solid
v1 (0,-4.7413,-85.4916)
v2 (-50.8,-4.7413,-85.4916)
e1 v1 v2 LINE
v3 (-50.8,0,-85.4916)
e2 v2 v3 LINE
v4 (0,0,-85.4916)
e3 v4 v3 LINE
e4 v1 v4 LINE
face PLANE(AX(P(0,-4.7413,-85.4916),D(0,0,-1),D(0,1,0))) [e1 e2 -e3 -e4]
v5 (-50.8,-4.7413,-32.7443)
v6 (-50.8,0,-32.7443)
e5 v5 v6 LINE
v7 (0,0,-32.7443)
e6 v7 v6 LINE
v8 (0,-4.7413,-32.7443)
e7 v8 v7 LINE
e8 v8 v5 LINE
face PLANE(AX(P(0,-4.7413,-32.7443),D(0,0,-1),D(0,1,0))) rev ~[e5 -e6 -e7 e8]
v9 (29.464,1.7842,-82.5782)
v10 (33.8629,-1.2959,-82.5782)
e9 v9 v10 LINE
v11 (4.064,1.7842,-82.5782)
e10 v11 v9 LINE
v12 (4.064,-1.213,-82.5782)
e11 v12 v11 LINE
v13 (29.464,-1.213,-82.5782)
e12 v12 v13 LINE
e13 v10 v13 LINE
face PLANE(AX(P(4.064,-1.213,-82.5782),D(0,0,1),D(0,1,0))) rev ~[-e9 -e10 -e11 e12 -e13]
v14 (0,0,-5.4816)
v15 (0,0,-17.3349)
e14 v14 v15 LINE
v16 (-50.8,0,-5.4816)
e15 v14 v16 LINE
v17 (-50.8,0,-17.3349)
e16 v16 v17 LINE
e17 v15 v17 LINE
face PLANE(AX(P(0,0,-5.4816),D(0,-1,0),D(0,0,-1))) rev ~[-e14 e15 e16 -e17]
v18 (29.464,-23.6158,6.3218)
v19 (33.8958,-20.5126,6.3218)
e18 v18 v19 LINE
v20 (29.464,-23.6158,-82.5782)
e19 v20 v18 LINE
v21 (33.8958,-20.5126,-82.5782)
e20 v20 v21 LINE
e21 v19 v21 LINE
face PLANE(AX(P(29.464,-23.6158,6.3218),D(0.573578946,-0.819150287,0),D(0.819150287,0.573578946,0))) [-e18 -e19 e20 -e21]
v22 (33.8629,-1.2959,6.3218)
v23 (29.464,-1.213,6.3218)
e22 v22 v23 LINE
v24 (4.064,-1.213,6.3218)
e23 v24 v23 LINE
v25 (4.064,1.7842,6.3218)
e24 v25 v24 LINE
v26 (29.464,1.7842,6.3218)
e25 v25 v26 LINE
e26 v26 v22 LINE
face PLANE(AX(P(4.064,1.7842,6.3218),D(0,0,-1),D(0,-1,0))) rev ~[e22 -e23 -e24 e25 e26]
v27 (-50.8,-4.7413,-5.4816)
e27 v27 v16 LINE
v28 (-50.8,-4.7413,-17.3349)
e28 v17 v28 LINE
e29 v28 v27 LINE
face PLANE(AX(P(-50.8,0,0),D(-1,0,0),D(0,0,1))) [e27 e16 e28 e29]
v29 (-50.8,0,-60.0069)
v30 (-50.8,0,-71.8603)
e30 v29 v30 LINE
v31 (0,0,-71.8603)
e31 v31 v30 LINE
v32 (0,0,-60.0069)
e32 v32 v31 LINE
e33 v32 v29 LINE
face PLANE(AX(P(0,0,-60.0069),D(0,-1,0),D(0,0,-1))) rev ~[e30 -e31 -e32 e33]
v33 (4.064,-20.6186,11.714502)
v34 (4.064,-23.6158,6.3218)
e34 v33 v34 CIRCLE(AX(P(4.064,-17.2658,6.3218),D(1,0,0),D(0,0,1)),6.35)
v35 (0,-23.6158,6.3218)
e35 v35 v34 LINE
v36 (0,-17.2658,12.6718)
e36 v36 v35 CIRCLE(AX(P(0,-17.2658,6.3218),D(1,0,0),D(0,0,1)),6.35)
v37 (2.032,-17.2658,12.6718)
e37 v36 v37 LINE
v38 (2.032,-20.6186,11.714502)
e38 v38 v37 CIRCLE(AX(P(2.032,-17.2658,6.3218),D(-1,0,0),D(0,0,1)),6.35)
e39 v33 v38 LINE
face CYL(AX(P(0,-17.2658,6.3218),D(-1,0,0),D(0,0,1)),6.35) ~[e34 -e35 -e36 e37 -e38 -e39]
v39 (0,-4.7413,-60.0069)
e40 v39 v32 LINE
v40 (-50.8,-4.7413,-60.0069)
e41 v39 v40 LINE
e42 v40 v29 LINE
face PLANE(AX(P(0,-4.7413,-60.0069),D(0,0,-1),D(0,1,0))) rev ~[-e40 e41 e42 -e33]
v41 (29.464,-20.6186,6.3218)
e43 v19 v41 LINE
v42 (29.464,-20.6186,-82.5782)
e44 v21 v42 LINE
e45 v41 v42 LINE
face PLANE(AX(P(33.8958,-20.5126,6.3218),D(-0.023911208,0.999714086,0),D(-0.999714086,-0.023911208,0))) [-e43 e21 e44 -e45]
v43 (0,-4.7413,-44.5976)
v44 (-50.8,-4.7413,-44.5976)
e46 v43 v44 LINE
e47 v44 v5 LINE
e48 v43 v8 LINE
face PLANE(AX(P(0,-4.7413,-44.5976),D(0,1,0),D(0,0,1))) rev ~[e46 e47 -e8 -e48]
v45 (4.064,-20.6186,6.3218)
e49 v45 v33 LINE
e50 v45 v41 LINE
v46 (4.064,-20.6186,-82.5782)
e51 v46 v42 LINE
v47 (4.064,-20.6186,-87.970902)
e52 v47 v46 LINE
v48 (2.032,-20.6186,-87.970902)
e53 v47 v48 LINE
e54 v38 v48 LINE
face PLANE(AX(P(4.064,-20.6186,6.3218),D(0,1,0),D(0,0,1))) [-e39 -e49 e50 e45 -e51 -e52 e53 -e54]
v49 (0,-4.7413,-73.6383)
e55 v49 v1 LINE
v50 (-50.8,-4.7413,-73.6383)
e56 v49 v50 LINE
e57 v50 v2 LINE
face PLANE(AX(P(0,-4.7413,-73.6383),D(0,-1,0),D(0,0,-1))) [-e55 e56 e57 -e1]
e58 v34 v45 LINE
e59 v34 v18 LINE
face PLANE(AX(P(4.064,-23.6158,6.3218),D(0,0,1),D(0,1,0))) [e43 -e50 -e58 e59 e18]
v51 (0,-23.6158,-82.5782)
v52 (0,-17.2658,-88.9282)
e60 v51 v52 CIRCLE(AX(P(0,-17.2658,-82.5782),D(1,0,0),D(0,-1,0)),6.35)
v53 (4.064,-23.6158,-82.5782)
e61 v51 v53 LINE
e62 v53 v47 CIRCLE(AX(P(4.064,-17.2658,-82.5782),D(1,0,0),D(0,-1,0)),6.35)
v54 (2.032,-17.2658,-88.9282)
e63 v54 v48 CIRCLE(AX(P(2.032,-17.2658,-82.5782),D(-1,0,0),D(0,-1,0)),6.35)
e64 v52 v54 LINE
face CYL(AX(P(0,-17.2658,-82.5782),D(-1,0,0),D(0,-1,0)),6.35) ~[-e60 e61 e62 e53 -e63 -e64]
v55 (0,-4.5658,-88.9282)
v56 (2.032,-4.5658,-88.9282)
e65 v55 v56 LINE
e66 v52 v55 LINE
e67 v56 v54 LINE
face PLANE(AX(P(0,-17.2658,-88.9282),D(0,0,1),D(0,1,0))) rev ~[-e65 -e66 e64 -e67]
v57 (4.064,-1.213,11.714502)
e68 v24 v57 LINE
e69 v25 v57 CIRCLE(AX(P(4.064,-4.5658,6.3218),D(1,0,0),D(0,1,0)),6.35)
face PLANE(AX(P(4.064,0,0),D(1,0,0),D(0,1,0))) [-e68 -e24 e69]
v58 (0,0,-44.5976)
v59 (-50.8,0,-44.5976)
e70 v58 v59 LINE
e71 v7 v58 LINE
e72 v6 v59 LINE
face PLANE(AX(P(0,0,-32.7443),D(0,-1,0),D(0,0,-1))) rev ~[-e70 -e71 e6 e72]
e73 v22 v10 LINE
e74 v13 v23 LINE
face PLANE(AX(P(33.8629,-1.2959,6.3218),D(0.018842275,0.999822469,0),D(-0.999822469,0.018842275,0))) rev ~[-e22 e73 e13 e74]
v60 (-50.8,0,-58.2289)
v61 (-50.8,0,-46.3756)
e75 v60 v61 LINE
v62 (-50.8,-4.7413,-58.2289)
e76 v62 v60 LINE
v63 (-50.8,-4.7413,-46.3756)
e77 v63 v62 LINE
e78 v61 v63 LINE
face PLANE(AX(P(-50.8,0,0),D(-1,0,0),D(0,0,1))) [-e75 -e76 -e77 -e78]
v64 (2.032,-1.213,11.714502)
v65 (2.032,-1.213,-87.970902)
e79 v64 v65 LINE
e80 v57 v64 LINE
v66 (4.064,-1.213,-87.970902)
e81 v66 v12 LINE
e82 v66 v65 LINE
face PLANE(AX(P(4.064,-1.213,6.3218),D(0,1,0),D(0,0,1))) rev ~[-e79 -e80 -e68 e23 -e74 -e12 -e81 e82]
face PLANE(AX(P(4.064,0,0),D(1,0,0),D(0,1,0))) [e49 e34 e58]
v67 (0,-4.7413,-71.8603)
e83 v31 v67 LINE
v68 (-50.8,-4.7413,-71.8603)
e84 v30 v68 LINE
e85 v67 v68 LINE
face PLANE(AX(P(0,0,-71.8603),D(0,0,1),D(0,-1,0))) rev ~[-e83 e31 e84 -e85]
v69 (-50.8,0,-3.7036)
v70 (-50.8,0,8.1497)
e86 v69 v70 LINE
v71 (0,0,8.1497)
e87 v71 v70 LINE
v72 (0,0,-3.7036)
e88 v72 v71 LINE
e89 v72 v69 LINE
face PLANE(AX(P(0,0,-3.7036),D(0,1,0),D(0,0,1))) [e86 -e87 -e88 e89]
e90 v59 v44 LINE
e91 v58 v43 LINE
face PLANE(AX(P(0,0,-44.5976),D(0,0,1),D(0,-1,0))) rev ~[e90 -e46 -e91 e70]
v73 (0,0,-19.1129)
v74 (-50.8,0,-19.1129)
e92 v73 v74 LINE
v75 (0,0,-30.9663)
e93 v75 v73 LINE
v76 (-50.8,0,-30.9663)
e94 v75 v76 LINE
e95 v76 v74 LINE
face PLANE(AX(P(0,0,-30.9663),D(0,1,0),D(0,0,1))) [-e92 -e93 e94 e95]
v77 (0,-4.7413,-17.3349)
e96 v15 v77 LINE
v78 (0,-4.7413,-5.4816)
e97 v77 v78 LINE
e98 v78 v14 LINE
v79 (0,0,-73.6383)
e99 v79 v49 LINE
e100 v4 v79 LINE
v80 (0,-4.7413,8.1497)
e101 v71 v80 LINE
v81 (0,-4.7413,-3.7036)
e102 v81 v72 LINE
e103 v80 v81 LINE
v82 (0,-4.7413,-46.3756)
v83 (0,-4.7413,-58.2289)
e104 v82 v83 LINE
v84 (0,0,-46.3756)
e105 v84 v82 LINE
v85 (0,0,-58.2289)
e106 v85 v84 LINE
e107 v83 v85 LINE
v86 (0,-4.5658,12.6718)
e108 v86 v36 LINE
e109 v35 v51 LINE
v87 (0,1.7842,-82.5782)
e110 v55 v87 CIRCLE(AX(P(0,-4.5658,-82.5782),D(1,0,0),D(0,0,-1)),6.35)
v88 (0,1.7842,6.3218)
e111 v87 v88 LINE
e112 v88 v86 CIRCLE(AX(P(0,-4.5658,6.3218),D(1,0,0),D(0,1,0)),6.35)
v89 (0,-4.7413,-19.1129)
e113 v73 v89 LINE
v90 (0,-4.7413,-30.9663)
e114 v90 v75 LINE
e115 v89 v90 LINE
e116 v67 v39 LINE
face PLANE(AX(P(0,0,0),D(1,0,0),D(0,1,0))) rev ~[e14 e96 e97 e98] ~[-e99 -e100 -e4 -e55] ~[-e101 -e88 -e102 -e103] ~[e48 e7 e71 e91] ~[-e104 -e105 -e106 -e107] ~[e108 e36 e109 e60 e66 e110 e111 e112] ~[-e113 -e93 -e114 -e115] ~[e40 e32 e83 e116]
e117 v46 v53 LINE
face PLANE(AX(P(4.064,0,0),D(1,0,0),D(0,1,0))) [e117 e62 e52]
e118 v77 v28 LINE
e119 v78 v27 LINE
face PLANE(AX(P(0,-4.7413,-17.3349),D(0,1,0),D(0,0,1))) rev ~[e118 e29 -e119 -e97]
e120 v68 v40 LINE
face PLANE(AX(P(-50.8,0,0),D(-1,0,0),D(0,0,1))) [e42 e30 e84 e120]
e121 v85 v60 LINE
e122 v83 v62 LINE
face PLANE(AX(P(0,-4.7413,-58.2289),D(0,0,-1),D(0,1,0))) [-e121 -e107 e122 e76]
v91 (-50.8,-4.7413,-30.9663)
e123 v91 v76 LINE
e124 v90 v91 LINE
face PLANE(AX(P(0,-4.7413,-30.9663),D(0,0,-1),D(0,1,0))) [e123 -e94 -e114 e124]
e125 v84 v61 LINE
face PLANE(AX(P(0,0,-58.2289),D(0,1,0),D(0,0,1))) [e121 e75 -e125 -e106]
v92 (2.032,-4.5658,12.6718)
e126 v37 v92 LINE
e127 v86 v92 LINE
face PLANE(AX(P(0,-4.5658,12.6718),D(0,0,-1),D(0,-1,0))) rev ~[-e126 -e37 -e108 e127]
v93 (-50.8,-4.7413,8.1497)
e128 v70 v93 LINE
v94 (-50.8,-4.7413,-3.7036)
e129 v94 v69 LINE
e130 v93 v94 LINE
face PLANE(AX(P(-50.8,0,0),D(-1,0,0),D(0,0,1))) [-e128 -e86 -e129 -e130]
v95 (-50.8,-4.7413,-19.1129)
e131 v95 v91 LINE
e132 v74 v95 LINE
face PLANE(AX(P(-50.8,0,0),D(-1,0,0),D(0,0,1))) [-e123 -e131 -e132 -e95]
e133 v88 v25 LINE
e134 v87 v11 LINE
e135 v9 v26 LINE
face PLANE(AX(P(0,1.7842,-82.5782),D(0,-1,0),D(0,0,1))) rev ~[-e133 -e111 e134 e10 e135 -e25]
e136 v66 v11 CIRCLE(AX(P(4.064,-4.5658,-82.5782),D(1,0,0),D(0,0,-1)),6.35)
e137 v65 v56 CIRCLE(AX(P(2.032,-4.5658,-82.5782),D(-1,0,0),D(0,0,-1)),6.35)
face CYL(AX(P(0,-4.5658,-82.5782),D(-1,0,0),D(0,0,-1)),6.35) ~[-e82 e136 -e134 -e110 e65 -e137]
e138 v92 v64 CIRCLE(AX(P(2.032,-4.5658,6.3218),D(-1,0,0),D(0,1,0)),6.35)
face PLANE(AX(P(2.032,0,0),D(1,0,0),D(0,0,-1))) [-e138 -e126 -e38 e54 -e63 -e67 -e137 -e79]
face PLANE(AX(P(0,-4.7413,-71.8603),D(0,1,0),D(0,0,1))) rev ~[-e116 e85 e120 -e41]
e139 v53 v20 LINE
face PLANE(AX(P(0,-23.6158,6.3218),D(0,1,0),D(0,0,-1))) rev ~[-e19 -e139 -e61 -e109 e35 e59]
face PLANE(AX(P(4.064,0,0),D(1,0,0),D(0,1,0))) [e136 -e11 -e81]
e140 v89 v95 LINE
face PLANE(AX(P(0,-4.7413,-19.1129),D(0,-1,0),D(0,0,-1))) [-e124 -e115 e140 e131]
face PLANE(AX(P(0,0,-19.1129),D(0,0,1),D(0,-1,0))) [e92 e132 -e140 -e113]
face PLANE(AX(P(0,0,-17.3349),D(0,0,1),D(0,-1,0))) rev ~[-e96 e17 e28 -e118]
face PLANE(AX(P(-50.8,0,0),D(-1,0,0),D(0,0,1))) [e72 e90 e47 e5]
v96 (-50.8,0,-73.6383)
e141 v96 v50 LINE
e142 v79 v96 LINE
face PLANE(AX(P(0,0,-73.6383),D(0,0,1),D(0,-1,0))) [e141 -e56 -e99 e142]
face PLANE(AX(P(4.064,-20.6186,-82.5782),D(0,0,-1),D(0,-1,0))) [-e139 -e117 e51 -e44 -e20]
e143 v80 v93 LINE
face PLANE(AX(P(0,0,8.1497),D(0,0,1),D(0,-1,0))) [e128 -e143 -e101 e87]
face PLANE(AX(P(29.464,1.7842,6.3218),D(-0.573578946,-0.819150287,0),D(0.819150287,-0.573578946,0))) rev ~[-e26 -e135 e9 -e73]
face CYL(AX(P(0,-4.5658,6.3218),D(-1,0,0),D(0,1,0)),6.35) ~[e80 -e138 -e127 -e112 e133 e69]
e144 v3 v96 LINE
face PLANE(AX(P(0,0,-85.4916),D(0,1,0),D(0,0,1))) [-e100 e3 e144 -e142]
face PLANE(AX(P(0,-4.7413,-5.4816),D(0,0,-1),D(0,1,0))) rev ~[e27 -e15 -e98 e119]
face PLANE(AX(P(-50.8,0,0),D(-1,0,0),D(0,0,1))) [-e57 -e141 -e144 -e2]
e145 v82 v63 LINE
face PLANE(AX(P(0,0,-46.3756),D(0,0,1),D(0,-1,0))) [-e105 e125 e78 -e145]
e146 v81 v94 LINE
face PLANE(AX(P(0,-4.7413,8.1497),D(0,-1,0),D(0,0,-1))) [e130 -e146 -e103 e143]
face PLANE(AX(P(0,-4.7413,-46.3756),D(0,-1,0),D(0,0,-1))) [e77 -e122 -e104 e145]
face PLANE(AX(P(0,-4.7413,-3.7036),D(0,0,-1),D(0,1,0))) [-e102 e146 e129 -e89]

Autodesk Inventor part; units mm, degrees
ref_plane "YZ Plane" through (0, 0, 0) normal (1, 0, 0) x (0, 1, 0)
ref_plane "XZ Plane" through (0, 0, 0) normal (0, 1, 0) x (-1, 0, 0)
ref_plane "XY Plane" through (0, 0, 0) normal (0, 0, 1) x (1, 0, 0)
sketch "Sketch1" plane through (0, 0, 0) normal (1, 0, 0) x (0, 1, 0)
  line L0 (-4.5658, 12.6718) -> (-17.2658, 12.6718)
  line L1 (-23.6158, 6.3218) -> (-23.6158, -82.5782)
  line L2 (-17.2658, -88.9282) -> (-4.5658, -88.9282)
  line L3 (1.7842, -82.5782) -> (1.7842, 6.3218)
  arc A0 (1.7842, 6.3218) -> (-4.5658, 12.6718) centre (-4.5658, 6.3218) ccw
  arc A1 (-17.2658, 12.6718) -> (-23.6158, 6.3218) centre (-17.2658, 6.3218) ccw
  arc A2 (-23.6158, -82.5782) -> (-17.2658, -88.9282) centre (-17.2658, -82.5782) ccw
  arc A3 (-4.5658, -88.9282) -> (1.7842, -82.5782) centre (-4.5658, -82.5782) ccw
  point P0 (0, 0)
  point P1 (1.7842, 12.6718)
  point P2 (-23.6158, -88.9282)
  point P3 (-23.6158, 12.6718)
  point P4 (1.7842, -88.9282)
  dimension "d0" = 25.4
  dimension "d1" = 101.6
  dimension "d4" = 6.35
extrude "Extrusion1" add sketch "Sketch1" along normal blind 4.064
sketch "Sketch2" plane through (4.064, 0, 0) normal (1, 0, 0) x (0, 0, -1)
  arc A0 (82.5782, -23.6158) -> (88.9282, -17.2658) centre (82.5782, -17.2658) ccw projected
  line L0 (-12.6718, -4.5658) -> (-12.6718, -17.2658) projected
  line L1 (82.5782, 1.7842) -> (-6.3218, 1.7842) projected
  line L2 (82.5782, -1.213) -> (-6.3218, -1.213)
  line L3 (-6.3218, -20.6186) -> (82.5782, -20.6186)
  line L4 (-6.3218, -20.6186) -> (82.5782, -20.6186)
  line L5 (82.5782, -20.6186) -> (82.5782, -23.6158)
  line L6 (82.5782, -23.6158) -> (-6.3218, -23.6158)
  line L7 (-6.3218, -23.6158) -> (-6.3218, -20.6186)
  line L8 (-6.3218, -1.213) -> (82.5782, -1.213)
  line L9 (82.5782, -1.213) -> (82.5782, 1.7842)
  line L10 (82.5782, 1.7842) -> (-6.3218, 1.7842)
  line L11 (-6.3218, 1.7842) -> (-6.3218, -1.213)
  point P0 (0, 0)
  dimension "d6" = 19.4056
extrude "Extrusion2" add sketch "Sketch2" along normal blind 25.4
sketch "Sketch3" plane through (4.064, -1.213, 6.3218) normal (0, 0, 1) x (1, 0, 0)
  line L0 (25.4, 2.9972) -> (25.4, 0) projected
  line L1 (25.4, 2.9972) -> (25.4, 0)
  line L2 (25.4, -19.4056) -> (25.4, -22.4028) projected
  line L3 (25.4, -22.4028) -> (29.8318, -19.2996)
  line L4 (25.4, -19.4056) -> (25.4, -22.4028)
  line L5 (0, 2.9972) -> (25.4, 2.9972) projected
  line L6 (25.4, 2.9972) -> (25.4, 0)
  line L7 (25.4, 2.9972) -> (29.8318, -0.106)
  line L8 (29.7989, -0.0829) -> (25.4, 0)
  line L9 (29.8318, -19.2996) -> (25.4, -19.4056)
  point P0 (-4.064, 1.213)
  dimension "d35" = 5.4102
  dimension "d36" = 55
  dimension "d37" = 5.4102
  dimension "d38" = 55
sketch "Sketch4" plane through (0, 0, 0) normal (-1, 0, 0) x (0, 0, 1)
  arc A0 (12.6718, -4.5658) -> (6.3218, 1.7842) centre (6.3218, -4.5658) ccw projected
  line L0 (-5.4816, 0) -> (-17.3349, 0)
  line L1 (-17.3349, 0) -> (-17.3349, -4.7413)
  line L2 (-17.3349, -4.7413) -> (-5.4816, -4.7413)
  line L3 (-5.4816, -4.7413) -> (-5.4816, 0)
  line L4 (-30.9663, 0) -> (-19.1129, 0)
  line L5 (-19.1129, 0) -> (-19.1129, -4.7413)
  line L6 (-19.1129, -4.7413) -> (-30.9663, -4.7413)
  line L7 (-30.9663, -4.7413) -> (-30.9663, 0)
  line L8 (-32.7443, 0) -> (-44.5976, 0)
  line L9 (-44.5976, -4.7413) -> (-32.7443, -4.7413)
  line L10 (-32.7443, -4.7413) -> (-32.7443, 0)
  line L11 (-44.5976, 0) -> (-44.5976, -4.7413)
  arc A1 (-82.5782, 1.7842) -> (-88.9282, -4.5658) centre (-82.5782, -4.5658) ccw projected
  line L12 (-58.2289, -4.7413) -> (-58.2289, 0)
  line L13 (-58.2289, 0) -> (-46.3756, 0)
  line L14 (-46.3756, -4.7413) -> (-58.2289, -4.7413)
  line L15 (-46.3756, 0) -> (-46.3756, -4.7413)
  line L16 (-60.0069, 0) -> (-71.8603, 0)
  line L17 (-71.8603, 0) -> (-71.8603, -4.7413)
  line L18 (-71.8603, -4.7413) -> (-60.0069, -4.7413)
  line L19 (-60.0069, -4.7413) -> (-60.0069, 0)
  line L20 (-85.4916, 0) -> (-73.6383, 0)
  line L21 (-73.6383, 0) -> (-73.6383, -4.7413)
  line L22 (-85.4916, -4.7413) -> (-85.4916, 0)
  line L23 (-73.6383, -4.7413) -> (-85.4916, -4.7413)
  line L24 (-3.7036, 0) -> (8.1497, 0)
  line L25 (8.1497, 0) -> (8.1497, -4.7413)
  line L26 (8.1497, -4.7413) -> (-3.7036, -4.7413)
  line L27 (-3.7036, -4.7413) -> (-3.7036, 0)
  point P0 (0, 0)
  dimension "d47" = 1.778
extrude "Extrusion4" add sketch "Sketch4" along normal blind 50.8
extrude "Extrusion6" add sketch "Sketch3" against normal up to surface (88.9 mm away)
sketch "Sketch8" plane through (0, -23.6158, -82.5782) normal (0, -1, 0) x (1, 0, 0)
  point P0 (0, 82.5782)
sketch "Sketch9" plane through (0, -23.6158, -82.5782) normal (0, -1, 0) x (1, 0, 0)
  line L0 (29.0881, 73.7677) -> (29.0881, 12.702) construction
  line L1 (29.0881, 12.702) -> (2.3767, 12.702) construction
  line L2 (2.3767, 12.702) -> (2.3767, 73.7677) construction
  line L3 (2.3767, 73.7677) -> (29.0881, 73.7677) construction
  point P0 (0, 82.5782)
emboss "Emboss2" [suppressed]
sketch "Sketch10" plane through (4.064, 0, 0) normal (1, 0, 0) x (0, 0, -1)
  line L0 (-6.3218, -20.6186) -> (82.5782, -20.6186) projected
  line L1 (82.5782, 1.7842) -> (82.5782, -1.213) projected
  line L2 (-6.3218, -1.213) -> (-6.3218, 1.7842) projected
  line L3 (82.5782, -1.213) -> (-6.3218, -1.213)
  line L4 (-6.3218, -20.6186) -> (82.5782, -20.6186)
  line L5 (82.5782, -20.6186) -> (87.9709, -20.6186)
  arc A0 (82.5782, -23.6158) -> (88.9282, -17.2658) centre (82.5782, -17.2658) ccw projected
  line L6 (82.5782, -1.213) -> (87.9709, -1.213)
  arc A1 (88.9282, -4.5658) -> (82.5782, 1.7842) centre (82.5782, -4.5658) ccw projected
  line L7 (-6.3218, -20.6186) -> (82.5782, -20.6186) projected
  line L8 (-6.3218, -20.6186) -> (-11.7145, -20.6186)
  arc A2 (-12.6718, -17.2658) -> (-6.3218, -23.6158) centre (-6.3218, -17.2658) ccw projected
  line L9 (-6.3218, -1.213) -> (-11.7145, -1.213)
  line L10 (87.9709, -1.213) -> (88.9282, -1.213)
  line L11 (88.9282, -1.213) -> (88.9282, -20.6186)
  line L12 (88.9282, -20.6186) -> (87.9709, -20.6186)
  line L13 (-11.7145, -20.6186) -> (-12.6718, -20.6186)
  line L14 (-12.6718, -20.6186) -> (-12.6718, -1.213)
  line L15 (-12.6718, -1.213) -> (-11.7145, -1.213)
  arc A3 (-6.3218, 1.7842) -> (-12.6718, -4.5658) centre (-6.3218, -4.5658) ccw projected
  point P0 (0, 0)
  point P1 (42.8061, -20.6186)
  point P2 (29.4692, -20.6186)
  point P3 (42.8061, -20.6186)
extrude "Extrusion7" cut sketch "Sketch10" against normal blind 2.032 contours L8 A2 L14 A3 L9 L3 L6 A1 L11 A0 L5 L0 | L13 L14 A2 | A0 L11 L12 | L14 L15 A3 | A1 L10 L11
properties part number "the whole thing"
